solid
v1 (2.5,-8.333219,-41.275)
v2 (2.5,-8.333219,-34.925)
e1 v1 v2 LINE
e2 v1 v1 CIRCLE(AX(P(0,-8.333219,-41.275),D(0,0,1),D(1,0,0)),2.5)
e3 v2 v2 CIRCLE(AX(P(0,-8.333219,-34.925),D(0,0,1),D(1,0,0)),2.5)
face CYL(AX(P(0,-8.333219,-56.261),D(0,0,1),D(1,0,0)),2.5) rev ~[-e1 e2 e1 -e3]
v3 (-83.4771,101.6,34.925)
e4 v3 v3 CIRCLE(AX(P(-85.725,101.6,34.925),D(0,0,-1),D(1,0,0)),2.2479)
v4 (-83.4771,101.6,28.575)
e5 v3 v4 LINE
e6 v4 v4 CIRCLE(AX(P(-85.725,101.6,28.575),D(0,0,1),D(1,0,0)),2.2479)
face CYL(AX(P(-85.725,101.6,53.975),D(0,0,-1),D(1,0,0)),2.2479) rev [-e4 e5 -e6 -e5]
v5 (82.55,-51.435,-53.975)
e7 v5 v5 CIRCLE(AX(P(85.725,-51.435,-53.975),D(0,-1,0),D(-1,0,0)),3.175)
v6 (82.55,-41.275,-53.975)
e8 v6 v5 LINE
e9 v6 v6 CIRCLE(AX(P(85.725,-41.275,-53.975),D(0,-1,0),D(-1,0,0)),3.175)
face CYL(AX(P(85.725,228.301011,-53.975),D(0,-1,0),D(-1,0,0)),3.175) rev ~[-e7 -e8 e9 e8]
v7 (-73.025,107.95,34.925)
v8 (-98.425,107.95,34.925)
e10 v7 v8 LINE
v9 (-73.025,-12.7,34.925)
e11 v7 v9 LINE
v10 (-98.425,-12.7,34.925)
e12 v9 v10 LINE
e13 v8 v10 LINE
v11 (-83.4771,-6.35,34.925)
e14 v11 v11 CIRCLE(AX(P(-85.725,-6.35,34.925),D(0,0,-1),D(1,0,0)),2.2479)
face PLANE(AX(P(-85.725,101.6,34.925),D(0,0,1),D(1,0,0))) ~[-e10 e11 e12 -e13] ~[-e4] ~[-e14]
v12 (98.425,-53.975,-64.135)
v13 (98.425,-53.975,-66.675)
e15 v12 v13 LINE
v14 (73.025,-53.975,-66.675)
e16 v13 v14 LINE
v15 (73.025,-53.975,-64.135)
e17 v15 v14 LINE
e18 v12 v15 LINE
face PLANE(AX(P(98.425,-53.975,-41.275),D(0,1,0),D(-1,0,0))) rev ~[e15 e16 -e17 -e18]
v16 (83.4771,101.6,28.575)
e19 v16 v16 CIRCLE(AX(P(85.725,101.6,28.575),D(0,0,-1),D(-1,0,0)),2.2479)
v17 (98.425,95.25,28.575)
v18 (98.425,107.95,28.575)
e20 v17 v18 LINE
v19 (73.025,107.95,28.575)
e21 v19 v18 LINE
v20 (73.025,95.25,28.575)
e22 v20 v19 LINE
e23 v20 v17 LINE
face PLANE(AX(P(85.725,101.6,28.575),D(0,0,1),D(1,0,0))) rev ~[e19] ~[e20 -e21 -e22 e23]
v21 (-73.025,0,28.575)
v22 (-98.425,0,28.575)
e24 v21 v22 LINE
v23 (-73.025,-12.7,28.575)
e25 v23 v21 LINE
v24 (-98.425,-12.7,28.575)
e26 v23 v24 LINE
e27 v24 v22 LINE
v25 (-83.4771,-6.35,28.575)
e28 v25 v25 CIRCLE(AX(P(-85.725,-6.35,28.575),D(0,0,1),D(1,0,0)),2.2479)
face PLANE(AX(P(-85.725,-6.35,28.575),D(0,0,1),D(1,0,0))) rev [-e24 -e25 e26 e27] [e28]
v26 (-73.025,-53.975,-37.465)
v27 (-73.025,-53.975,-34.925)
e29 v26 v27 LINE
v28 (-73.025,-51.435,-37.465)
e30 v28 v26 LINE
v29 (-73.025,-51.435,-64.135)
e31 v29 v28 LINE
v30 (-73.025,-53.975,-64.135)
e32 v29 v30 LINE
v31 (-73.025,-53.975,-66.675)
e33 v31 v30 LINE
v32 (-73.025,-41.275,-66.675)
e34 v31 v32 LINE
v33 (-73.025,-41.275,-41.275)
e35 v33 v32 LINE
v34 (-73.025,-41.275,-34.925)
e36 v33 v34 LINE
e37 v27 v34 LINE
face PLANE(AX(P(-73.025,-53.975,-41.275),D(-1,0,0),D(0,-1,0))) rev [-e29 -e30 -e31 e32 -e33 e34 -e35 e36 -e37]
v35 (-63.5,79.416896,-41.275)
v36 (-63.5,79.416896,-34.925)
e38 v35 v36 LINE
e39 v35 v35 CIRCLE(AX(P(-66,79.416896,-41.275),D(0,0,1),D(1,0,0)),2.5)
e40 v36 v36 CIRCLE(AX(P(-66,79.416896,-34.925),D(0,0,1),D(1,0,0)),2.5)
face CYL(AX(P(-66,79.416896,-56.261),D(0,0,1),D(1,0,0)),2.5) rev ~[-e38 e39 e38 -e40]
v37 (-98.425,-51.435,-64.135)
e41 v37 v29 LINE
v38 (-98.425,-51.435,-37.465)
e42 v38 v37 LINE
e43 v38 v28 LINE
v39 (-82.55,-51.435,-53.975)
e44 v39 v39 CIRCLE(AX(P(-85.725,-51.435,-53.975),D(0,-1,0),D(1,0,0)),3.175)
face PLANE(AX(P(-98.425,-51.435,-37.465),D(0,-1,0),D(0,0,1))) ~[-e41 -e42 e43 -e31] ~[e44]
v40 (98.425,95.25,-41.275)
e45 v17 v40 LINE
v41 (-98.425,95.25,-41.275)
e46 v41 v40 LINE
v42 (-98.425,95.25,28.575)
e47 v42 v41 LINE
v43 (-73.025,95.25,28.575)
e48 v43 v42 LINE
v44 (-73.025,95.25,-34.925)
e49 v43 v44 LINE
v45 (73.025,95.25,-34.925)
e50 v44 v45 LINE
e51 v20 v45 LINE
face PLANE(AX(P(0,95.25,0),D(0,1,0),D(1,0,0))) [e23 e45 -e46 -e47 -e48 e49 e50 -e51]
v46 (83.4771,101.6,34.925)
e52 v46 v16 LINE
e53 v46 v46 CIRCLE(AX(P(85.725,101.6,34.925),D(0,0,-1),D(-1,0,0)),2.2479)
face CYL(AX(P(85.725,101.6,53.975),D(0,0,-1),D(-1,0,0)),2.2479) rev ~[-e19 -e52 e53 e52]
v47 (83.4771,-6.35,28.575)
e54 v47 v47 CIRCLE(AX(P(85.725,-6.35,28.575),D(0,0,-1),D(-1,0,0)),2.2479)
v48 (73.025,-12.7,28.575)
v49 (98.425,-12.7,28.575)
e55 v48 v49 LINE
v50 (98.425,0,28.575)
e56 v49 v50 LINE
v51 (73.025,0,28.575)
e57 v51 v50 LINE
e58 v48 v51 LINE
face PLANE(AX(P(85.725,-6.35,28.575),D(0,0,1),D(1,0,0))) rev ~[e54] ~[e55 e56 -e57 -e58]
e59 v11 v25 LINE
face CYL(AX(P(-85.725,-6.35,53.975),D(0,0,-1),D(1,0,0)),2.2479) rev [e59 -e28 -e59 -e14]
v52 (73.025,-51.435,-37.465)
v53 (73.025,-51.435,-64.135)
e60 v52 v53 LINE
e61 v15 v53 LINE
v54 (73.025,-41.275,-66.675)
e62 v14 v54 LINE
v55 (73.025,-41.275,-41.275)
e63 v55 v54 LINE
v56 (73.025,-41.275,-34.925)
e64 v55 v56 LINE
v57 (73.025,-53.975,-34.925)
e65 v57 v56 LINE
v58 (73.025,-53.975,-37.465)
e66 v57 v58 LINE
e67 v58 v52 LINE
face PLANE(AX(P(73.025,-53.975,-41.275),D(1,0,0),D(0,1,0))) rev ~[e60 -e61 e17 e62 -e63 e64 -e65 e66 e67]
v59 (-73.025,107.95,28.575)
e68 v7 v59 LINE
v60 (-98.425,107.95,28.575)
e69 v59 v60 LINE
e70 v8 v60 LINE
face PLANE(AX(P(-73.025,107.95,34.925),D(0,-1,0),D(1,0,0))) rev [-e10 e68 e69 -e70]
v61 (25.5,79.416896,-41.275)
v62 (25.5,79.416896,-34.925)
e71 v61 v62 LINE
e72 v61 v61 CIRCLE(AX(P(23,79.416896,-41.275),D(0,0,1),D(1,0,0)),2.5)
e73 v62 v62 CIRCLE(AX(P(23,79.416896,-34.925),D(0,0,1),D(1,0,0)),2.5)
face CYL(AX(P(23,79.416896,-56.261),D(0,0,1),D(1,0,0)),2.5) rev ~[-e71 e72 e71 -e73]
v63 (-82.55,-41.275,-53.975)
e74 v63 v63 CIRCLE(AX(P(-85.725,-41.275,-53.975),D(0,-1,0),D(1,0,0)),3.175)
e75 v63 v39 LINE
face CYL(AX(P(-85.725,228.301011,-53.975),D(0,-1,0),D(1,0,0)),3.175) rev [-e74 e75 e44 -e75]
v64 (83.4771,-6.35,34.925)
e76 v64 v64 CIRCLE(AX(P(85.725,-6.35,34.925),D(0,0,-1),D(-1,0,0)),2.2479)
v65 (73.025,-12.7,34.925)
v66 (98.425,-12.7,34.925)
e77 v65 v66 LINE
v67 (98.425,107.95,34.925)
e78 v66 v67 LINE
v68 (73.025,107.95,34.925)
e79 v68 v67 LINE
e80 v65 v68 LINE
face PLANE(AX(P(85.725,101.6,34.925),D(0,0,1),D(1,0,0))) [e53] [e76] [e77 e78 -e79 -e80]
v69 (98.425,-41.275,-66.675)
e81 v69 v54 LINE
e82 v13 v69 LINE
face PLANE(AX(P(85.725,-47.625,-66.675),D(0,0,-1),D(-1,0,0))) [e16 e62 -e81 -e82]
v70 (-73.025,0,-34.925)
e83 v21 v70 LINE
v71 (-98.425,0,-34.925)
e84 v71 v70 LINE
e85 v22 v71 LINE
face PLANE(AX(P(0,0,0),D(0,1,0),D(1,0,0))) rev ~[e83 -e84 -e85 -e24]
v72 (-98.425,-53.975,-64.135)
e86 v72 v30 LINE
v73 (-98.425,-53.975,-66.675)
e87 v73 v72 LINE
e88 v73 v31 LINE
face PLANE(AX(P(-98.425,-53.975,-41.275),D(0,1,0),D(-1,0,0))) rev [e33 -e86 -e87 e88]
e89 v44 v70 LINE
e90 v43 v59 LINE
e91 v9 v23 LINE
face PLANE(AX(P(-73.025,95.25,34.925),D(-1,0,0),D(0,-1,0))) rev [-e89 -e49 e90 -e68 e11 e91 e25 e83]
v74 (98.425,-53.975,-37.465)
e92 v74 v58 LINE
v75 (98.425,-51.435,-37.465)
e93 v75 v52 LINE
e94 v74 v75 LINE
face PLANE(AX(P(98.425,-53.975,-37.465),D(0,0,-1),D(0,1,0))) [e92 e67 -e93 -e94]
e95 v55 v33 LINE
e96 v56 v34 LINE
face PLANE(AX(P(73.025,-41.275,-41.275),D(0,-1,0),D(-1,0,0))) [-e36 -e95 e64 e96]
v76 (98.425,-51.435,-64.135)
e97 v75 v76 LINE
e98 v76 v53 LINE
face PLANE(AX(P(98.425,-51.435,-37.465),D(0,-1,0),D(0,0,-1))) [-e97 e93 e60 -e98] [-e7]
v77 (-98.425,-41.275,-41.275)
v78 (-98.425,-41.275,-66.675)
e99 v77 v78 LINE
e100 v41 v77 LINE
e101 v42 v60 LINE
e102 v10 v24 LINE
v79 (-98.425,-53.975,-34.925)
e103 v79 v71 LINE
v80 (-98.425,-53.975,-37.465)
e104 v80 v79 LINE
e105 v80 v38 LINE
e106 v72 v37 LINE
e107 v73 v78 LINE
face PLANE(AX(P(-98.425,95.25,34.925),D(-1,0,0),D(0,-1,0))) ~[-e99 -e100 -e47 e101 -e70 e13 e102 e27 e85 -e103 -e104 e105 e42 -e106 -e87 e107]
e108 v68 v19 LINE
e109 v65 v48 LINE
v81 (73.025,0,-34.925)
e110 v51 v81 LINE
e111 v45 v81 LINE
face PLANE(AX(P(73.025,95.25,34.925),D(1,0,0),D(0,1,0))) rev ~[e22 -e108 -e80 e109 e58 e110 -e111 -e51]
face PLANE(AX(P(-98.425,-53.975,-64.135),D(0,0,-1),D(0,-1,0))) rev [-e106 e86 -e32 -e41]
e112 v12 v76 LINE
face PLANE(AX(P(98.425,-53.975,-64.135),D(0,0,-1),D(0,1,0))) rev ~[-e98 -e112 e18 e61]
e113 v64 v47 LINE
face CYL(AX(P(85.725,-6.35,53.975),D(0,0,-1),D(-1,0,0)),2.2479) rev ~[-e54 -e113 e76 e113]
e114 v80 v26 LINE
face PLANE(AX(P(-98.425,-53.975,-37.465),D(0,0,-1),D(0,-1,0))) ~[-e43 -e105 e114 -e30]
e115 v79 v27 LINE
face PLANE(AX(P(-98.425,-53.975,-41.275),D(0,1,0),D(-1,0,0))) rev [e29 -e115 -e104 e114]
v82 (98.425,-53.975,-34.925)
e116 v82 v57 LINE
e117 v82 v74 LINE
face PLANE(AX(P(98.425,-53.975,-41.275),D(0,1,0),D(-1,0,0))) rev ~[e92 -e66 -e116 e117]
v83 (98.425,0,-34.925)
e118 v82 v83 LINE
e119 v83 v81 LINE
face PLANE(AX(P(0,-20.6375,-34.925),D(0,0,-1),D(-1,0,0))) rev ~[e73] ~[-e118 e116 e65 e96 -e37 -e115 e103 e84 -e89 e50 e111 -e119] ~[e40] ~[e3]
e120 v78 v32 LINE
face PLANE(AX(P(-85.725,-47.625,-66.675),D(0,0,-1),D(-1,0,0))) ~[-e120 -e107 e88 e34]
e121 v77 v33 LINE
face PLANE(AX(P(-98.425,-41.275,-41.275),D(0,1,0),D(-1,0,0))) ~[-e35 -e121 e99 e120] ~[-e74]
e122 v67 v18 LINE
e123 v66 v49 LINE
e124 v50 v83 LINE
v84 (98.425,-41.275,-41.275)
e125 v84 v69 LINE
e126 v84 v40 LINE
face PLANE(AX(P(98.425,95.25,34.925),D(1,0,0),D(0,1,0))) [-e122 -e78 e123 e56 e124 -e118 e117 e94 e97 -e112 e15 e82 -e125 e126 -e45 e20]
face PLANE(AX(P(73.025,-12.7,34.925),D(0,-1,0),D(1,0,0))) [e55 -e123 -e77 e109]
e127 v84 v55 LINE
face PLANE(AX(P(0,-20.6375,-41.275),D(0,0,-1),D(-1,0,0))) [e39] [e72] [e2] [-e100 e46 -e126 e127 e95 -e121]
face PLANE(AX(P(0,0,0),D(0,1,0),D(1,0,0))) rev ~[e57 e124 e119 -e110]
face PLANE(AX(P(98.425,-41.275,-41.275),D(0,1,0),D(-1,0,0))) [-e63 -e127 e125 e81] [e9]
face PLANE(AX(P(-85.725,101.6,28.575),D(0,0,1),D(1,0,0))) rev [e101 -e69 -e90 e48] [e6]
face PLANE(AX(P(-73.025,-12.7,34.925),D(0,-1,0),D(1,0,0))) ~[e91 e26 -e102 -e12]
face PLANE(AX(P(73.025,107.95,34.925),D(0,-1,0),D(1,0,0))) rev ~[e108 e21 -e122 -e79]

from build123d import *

# Parameters (mm, degrees)
SKETCH1_W                   = 196.85
SKETCH1_H                   = 82.55
BOSS_EXTRUDE1_DEPTH         = 95.25
SKETCH3_W                   = 146.05
SKETCH3_H                   = 76.2
CUT_EXTRUDE1_DEPTH          = 144.051280141
SKETCH4_W                   = 25.4
SKETCH4_H                   = 53.975
BOSS_EXTRUDE2_DEPTH         = 6.35
SKETCH5_W                   = 25.4
SKETCH5_H                   = 12.7
BOSS_EXTRUDE3_DEPTH         = 25.4
SKETCH6_W                   = 26.67
SKETCH6_H                   = 2.54
CUT_EXTRUDE2_DEPTH          = 229.622047548
F_1_4_0_25_DIAMETER_HOLE1_D = 6.35
SKETCH16_W                  = 196.85
SKETCH16_H                  = 6.35
CUT_EXTRUDE3_DEPTH          = 191.790819682
BOSS_EXTRUDE4_START         = -6.35
SKETCH11_W                  = 25.4
SKETCH11_H                  = 12.7
BOSS_EXTRUDE4_DEPTH         = 6.35
F_8_CLEARANCE_HOLE1_D       = 4.4958
F_8_CLEARANCE_HOLE1_DEPTH   = 12.7
SKETCH14_W                  = 146.05
SKETCH14_H                  = 41.275
BOSS_EXTRUDE5_DEPTH         = 6.35
M6X1_0_TAPPED_HOLE1_D       = 5
M6X1_0_TAPPED_HOLE1_DEPTH   = 14.986
M6X1_0_TAPPED_HOLE1_TIP     = 1.502151548


with BuildPart() as part:
    # Sketch1 → Boss-Extrude1 (new body)
    with BuildSketch(Plane(origin=(0, 0, 0), x_dir=(1, 0, 0), z_dir=(0, 1, 0))):
        Rectangle(SKETCH1_W, SKETCH1_H)
    extrude(amount=BOSS_EXTRUDE1_DEPTH)

    # Sketch3 → Cut-Extrude1 (cut, through all)
    with BuildSketch(Plane(origin=(0, 95.25, 0), x_dir=(1, 0, 0), z_dir=(0, 1, 0))):
        with Locations((0, -3.175)):
            Rectangle(SKETCH3_W, SKETCH3_H)
    extrude(amount=-CUT_EXTRUDE1_DEPTH, mode=Mode.SUBTRACT)

    # Sketch4 → Boss-Extrude2 (add)
    with BuildSketch(Plane(origin=(0, 0, -41.275), x_dir=(-1, 0, 0), z_dir=(0, 0, -1))):
        with Locations((-85.725, -26.9875)):
            Rectangle(SKETCH4_W, SKETCH4_H)
    boss_extrude2 = extrude(amount=-BOSS_EXTRUDE2_DEPTH)

    # Sketch5 → Boss-Extrude3 (add)
    with BuildSketch(Plane(origin=(0, 0, -41.275), x_dir=(-1, 0, 0), z_dir=(0, 0, -1))):
        with Locations((-85.725, -47.625)):
            Rectangle(SKETCH5_W, SKETCH5_H)
    boss_extrude3 = extrude(amount=BOSS_EXTRUDE3_DEPTH)

    # Sketch6 → Cut-Extrude2 (cut, through all)
    with BuildSketch(Plane(origin=(98.425, 0, 0), x_dir=(0, 0, -1), z_dir=(1, 0, 0))):
        with Locations((50.8, -52.705)):
            Rectangle(SKETCH6_W, SKETCH6_H)
    cut_extrude2 = extrude(amount=-CUT_EXTRUDE2_DEPTH, mode=Mode.SUBTRACT)

    # 1/4 (0.25) Diameter Hole1 (through all)
    with Locations(Plane(origin=(0, -41.275, 0), x_dir=(1, 0, 0), z_dir=(0, 1, 0))):
        with Locations((85.725, 53.975)):
            f_1_4_0_25_diameter_hole1 = Hole(F_1_4_0_25_DIAMETER_HOLE1_D / 2)

    # Sketch16 → Cut-Extrude3 (cut, through all)
    with BuildSketch(Plane(origin=(0, 95.25, 0), x_dir=(1, 0, 0), z_dir=(0, 1, 0))):
        with Locations((0, -38.1)):
            Rectangle(SKETCH16_W, SKETCH16_H)
    extrude(amount=-CUT_EXTRUDE3_DEPTH, mode=Mode.SUBTRACT)

    # Sketch11 → Boss-Extrude4 (add)
    with BuildSketch(Plane.XY.offset(41.275).offset(BOSS_EXTRUDE4_START)):
        with Locations((85.725, 101.6)):
            Rectangle(SKETCH11_W, SKETCH11_H)
        with Locations((85.725, -6.35)):
            Rectangle(SKETCH11_W, SKETCH11_H)
    boss_extrude4 = extrude(amount=-BOSS_EXTRUDE4_DEPTH)

    # #8 Clearance Hole1
    with Locations(Plane.XY.offset(41.275)):
        with Locations((85.725, 101.6), (85.725, -6.35)):
            f_8_clearance_hole1 = Hole(F_8_CLEARANCE_HOLE1_D / 2, depth=F_8_CLEARANCE_HOLE1_DEPTH)

    # Mirror1: Boss-Extrude2, Boss-Extrude3, Cut-Extrude2, 1/4 (0.25) Diameter Hole1, Boss-Extrude4, #8 Clearance Hole1 across plane
    add(boss_extrude2.mirror(Plane(origin=(0, 0, 0), x_dir=(0, 0, 1), z_dir=(1, 0, 0))))
    add(boss_extrude3.mirror(Plane(origin=(0, 0, 0), x_dir=(0, 0, 1), z_dir=(1, 0, 0))))
    add(cut_extrude2.mirror(Plane(origin=(0, 0, 0), x_dir=(0, 0, 1), z_dir=(1, 0, 0))), mode=Mode.SUBTRACT)
    add(f_1_4_0_25_diameter_hole1.mirror(Plane(origin=(0, 0, 0), x_dir=(0, 0, 1), z_dir=(1, 0, 0))), mode=Mode.SUBTRACT)
    add(boss_extrude4.mirror(Plane(origin=(0, 0, 0), x_dir=(0, 0, 1), z_dir=(1, 0, 0))))
    add(f_8_clearance_hole1.mirror(Plane(origin=(0, 0, 0), x_dir=(0, 0, 1), z_dir=(1, 0, 0))), mode=Mode.SUBTRACT)

    # Sketch14 → Boss-Extrude5 (add)
    with BuildSketch(Plane(origin=(0, 0, -41.275), x_dir=(-1, 0, 0), z_dir=(0, 0, -1))):
        with Locations((0, -20.6375)):
            Rectangle(SKETCH14_W, SKETCH14_H)
    extrude(amount=-BOSS_EXTRUDE5_DEPTH)

    # M6x1.0 Tapped Hole1
    with Locations(Plane(origin=(0, 0, -41.275), x_dir=(-1, 0, 0), z_dir=(0, 0, -1))):
        with Locations((-23, 79.416895565), (66, 79.416895565), (0, -8.333218687)):
            Hole(M6X1_0_TAPPED_HOLE1_D / 2, depth=M6X1_0_TAPPED_HOLE1_DEPTH)
            with Locations((0, 0, -(M6X1_0_TAPPED_HOLE1_DEPTH + M6X1_0_TAPPED_HOLE1_TIP / 2))):  # 118° drill point
                Cone(0, M6X1_0_TAPPED_HOLE1_D / 2, M6X1_0_TAPPED_HOLE1_TIP, mode=Mode.SUBTRACT)


solid = part.part
